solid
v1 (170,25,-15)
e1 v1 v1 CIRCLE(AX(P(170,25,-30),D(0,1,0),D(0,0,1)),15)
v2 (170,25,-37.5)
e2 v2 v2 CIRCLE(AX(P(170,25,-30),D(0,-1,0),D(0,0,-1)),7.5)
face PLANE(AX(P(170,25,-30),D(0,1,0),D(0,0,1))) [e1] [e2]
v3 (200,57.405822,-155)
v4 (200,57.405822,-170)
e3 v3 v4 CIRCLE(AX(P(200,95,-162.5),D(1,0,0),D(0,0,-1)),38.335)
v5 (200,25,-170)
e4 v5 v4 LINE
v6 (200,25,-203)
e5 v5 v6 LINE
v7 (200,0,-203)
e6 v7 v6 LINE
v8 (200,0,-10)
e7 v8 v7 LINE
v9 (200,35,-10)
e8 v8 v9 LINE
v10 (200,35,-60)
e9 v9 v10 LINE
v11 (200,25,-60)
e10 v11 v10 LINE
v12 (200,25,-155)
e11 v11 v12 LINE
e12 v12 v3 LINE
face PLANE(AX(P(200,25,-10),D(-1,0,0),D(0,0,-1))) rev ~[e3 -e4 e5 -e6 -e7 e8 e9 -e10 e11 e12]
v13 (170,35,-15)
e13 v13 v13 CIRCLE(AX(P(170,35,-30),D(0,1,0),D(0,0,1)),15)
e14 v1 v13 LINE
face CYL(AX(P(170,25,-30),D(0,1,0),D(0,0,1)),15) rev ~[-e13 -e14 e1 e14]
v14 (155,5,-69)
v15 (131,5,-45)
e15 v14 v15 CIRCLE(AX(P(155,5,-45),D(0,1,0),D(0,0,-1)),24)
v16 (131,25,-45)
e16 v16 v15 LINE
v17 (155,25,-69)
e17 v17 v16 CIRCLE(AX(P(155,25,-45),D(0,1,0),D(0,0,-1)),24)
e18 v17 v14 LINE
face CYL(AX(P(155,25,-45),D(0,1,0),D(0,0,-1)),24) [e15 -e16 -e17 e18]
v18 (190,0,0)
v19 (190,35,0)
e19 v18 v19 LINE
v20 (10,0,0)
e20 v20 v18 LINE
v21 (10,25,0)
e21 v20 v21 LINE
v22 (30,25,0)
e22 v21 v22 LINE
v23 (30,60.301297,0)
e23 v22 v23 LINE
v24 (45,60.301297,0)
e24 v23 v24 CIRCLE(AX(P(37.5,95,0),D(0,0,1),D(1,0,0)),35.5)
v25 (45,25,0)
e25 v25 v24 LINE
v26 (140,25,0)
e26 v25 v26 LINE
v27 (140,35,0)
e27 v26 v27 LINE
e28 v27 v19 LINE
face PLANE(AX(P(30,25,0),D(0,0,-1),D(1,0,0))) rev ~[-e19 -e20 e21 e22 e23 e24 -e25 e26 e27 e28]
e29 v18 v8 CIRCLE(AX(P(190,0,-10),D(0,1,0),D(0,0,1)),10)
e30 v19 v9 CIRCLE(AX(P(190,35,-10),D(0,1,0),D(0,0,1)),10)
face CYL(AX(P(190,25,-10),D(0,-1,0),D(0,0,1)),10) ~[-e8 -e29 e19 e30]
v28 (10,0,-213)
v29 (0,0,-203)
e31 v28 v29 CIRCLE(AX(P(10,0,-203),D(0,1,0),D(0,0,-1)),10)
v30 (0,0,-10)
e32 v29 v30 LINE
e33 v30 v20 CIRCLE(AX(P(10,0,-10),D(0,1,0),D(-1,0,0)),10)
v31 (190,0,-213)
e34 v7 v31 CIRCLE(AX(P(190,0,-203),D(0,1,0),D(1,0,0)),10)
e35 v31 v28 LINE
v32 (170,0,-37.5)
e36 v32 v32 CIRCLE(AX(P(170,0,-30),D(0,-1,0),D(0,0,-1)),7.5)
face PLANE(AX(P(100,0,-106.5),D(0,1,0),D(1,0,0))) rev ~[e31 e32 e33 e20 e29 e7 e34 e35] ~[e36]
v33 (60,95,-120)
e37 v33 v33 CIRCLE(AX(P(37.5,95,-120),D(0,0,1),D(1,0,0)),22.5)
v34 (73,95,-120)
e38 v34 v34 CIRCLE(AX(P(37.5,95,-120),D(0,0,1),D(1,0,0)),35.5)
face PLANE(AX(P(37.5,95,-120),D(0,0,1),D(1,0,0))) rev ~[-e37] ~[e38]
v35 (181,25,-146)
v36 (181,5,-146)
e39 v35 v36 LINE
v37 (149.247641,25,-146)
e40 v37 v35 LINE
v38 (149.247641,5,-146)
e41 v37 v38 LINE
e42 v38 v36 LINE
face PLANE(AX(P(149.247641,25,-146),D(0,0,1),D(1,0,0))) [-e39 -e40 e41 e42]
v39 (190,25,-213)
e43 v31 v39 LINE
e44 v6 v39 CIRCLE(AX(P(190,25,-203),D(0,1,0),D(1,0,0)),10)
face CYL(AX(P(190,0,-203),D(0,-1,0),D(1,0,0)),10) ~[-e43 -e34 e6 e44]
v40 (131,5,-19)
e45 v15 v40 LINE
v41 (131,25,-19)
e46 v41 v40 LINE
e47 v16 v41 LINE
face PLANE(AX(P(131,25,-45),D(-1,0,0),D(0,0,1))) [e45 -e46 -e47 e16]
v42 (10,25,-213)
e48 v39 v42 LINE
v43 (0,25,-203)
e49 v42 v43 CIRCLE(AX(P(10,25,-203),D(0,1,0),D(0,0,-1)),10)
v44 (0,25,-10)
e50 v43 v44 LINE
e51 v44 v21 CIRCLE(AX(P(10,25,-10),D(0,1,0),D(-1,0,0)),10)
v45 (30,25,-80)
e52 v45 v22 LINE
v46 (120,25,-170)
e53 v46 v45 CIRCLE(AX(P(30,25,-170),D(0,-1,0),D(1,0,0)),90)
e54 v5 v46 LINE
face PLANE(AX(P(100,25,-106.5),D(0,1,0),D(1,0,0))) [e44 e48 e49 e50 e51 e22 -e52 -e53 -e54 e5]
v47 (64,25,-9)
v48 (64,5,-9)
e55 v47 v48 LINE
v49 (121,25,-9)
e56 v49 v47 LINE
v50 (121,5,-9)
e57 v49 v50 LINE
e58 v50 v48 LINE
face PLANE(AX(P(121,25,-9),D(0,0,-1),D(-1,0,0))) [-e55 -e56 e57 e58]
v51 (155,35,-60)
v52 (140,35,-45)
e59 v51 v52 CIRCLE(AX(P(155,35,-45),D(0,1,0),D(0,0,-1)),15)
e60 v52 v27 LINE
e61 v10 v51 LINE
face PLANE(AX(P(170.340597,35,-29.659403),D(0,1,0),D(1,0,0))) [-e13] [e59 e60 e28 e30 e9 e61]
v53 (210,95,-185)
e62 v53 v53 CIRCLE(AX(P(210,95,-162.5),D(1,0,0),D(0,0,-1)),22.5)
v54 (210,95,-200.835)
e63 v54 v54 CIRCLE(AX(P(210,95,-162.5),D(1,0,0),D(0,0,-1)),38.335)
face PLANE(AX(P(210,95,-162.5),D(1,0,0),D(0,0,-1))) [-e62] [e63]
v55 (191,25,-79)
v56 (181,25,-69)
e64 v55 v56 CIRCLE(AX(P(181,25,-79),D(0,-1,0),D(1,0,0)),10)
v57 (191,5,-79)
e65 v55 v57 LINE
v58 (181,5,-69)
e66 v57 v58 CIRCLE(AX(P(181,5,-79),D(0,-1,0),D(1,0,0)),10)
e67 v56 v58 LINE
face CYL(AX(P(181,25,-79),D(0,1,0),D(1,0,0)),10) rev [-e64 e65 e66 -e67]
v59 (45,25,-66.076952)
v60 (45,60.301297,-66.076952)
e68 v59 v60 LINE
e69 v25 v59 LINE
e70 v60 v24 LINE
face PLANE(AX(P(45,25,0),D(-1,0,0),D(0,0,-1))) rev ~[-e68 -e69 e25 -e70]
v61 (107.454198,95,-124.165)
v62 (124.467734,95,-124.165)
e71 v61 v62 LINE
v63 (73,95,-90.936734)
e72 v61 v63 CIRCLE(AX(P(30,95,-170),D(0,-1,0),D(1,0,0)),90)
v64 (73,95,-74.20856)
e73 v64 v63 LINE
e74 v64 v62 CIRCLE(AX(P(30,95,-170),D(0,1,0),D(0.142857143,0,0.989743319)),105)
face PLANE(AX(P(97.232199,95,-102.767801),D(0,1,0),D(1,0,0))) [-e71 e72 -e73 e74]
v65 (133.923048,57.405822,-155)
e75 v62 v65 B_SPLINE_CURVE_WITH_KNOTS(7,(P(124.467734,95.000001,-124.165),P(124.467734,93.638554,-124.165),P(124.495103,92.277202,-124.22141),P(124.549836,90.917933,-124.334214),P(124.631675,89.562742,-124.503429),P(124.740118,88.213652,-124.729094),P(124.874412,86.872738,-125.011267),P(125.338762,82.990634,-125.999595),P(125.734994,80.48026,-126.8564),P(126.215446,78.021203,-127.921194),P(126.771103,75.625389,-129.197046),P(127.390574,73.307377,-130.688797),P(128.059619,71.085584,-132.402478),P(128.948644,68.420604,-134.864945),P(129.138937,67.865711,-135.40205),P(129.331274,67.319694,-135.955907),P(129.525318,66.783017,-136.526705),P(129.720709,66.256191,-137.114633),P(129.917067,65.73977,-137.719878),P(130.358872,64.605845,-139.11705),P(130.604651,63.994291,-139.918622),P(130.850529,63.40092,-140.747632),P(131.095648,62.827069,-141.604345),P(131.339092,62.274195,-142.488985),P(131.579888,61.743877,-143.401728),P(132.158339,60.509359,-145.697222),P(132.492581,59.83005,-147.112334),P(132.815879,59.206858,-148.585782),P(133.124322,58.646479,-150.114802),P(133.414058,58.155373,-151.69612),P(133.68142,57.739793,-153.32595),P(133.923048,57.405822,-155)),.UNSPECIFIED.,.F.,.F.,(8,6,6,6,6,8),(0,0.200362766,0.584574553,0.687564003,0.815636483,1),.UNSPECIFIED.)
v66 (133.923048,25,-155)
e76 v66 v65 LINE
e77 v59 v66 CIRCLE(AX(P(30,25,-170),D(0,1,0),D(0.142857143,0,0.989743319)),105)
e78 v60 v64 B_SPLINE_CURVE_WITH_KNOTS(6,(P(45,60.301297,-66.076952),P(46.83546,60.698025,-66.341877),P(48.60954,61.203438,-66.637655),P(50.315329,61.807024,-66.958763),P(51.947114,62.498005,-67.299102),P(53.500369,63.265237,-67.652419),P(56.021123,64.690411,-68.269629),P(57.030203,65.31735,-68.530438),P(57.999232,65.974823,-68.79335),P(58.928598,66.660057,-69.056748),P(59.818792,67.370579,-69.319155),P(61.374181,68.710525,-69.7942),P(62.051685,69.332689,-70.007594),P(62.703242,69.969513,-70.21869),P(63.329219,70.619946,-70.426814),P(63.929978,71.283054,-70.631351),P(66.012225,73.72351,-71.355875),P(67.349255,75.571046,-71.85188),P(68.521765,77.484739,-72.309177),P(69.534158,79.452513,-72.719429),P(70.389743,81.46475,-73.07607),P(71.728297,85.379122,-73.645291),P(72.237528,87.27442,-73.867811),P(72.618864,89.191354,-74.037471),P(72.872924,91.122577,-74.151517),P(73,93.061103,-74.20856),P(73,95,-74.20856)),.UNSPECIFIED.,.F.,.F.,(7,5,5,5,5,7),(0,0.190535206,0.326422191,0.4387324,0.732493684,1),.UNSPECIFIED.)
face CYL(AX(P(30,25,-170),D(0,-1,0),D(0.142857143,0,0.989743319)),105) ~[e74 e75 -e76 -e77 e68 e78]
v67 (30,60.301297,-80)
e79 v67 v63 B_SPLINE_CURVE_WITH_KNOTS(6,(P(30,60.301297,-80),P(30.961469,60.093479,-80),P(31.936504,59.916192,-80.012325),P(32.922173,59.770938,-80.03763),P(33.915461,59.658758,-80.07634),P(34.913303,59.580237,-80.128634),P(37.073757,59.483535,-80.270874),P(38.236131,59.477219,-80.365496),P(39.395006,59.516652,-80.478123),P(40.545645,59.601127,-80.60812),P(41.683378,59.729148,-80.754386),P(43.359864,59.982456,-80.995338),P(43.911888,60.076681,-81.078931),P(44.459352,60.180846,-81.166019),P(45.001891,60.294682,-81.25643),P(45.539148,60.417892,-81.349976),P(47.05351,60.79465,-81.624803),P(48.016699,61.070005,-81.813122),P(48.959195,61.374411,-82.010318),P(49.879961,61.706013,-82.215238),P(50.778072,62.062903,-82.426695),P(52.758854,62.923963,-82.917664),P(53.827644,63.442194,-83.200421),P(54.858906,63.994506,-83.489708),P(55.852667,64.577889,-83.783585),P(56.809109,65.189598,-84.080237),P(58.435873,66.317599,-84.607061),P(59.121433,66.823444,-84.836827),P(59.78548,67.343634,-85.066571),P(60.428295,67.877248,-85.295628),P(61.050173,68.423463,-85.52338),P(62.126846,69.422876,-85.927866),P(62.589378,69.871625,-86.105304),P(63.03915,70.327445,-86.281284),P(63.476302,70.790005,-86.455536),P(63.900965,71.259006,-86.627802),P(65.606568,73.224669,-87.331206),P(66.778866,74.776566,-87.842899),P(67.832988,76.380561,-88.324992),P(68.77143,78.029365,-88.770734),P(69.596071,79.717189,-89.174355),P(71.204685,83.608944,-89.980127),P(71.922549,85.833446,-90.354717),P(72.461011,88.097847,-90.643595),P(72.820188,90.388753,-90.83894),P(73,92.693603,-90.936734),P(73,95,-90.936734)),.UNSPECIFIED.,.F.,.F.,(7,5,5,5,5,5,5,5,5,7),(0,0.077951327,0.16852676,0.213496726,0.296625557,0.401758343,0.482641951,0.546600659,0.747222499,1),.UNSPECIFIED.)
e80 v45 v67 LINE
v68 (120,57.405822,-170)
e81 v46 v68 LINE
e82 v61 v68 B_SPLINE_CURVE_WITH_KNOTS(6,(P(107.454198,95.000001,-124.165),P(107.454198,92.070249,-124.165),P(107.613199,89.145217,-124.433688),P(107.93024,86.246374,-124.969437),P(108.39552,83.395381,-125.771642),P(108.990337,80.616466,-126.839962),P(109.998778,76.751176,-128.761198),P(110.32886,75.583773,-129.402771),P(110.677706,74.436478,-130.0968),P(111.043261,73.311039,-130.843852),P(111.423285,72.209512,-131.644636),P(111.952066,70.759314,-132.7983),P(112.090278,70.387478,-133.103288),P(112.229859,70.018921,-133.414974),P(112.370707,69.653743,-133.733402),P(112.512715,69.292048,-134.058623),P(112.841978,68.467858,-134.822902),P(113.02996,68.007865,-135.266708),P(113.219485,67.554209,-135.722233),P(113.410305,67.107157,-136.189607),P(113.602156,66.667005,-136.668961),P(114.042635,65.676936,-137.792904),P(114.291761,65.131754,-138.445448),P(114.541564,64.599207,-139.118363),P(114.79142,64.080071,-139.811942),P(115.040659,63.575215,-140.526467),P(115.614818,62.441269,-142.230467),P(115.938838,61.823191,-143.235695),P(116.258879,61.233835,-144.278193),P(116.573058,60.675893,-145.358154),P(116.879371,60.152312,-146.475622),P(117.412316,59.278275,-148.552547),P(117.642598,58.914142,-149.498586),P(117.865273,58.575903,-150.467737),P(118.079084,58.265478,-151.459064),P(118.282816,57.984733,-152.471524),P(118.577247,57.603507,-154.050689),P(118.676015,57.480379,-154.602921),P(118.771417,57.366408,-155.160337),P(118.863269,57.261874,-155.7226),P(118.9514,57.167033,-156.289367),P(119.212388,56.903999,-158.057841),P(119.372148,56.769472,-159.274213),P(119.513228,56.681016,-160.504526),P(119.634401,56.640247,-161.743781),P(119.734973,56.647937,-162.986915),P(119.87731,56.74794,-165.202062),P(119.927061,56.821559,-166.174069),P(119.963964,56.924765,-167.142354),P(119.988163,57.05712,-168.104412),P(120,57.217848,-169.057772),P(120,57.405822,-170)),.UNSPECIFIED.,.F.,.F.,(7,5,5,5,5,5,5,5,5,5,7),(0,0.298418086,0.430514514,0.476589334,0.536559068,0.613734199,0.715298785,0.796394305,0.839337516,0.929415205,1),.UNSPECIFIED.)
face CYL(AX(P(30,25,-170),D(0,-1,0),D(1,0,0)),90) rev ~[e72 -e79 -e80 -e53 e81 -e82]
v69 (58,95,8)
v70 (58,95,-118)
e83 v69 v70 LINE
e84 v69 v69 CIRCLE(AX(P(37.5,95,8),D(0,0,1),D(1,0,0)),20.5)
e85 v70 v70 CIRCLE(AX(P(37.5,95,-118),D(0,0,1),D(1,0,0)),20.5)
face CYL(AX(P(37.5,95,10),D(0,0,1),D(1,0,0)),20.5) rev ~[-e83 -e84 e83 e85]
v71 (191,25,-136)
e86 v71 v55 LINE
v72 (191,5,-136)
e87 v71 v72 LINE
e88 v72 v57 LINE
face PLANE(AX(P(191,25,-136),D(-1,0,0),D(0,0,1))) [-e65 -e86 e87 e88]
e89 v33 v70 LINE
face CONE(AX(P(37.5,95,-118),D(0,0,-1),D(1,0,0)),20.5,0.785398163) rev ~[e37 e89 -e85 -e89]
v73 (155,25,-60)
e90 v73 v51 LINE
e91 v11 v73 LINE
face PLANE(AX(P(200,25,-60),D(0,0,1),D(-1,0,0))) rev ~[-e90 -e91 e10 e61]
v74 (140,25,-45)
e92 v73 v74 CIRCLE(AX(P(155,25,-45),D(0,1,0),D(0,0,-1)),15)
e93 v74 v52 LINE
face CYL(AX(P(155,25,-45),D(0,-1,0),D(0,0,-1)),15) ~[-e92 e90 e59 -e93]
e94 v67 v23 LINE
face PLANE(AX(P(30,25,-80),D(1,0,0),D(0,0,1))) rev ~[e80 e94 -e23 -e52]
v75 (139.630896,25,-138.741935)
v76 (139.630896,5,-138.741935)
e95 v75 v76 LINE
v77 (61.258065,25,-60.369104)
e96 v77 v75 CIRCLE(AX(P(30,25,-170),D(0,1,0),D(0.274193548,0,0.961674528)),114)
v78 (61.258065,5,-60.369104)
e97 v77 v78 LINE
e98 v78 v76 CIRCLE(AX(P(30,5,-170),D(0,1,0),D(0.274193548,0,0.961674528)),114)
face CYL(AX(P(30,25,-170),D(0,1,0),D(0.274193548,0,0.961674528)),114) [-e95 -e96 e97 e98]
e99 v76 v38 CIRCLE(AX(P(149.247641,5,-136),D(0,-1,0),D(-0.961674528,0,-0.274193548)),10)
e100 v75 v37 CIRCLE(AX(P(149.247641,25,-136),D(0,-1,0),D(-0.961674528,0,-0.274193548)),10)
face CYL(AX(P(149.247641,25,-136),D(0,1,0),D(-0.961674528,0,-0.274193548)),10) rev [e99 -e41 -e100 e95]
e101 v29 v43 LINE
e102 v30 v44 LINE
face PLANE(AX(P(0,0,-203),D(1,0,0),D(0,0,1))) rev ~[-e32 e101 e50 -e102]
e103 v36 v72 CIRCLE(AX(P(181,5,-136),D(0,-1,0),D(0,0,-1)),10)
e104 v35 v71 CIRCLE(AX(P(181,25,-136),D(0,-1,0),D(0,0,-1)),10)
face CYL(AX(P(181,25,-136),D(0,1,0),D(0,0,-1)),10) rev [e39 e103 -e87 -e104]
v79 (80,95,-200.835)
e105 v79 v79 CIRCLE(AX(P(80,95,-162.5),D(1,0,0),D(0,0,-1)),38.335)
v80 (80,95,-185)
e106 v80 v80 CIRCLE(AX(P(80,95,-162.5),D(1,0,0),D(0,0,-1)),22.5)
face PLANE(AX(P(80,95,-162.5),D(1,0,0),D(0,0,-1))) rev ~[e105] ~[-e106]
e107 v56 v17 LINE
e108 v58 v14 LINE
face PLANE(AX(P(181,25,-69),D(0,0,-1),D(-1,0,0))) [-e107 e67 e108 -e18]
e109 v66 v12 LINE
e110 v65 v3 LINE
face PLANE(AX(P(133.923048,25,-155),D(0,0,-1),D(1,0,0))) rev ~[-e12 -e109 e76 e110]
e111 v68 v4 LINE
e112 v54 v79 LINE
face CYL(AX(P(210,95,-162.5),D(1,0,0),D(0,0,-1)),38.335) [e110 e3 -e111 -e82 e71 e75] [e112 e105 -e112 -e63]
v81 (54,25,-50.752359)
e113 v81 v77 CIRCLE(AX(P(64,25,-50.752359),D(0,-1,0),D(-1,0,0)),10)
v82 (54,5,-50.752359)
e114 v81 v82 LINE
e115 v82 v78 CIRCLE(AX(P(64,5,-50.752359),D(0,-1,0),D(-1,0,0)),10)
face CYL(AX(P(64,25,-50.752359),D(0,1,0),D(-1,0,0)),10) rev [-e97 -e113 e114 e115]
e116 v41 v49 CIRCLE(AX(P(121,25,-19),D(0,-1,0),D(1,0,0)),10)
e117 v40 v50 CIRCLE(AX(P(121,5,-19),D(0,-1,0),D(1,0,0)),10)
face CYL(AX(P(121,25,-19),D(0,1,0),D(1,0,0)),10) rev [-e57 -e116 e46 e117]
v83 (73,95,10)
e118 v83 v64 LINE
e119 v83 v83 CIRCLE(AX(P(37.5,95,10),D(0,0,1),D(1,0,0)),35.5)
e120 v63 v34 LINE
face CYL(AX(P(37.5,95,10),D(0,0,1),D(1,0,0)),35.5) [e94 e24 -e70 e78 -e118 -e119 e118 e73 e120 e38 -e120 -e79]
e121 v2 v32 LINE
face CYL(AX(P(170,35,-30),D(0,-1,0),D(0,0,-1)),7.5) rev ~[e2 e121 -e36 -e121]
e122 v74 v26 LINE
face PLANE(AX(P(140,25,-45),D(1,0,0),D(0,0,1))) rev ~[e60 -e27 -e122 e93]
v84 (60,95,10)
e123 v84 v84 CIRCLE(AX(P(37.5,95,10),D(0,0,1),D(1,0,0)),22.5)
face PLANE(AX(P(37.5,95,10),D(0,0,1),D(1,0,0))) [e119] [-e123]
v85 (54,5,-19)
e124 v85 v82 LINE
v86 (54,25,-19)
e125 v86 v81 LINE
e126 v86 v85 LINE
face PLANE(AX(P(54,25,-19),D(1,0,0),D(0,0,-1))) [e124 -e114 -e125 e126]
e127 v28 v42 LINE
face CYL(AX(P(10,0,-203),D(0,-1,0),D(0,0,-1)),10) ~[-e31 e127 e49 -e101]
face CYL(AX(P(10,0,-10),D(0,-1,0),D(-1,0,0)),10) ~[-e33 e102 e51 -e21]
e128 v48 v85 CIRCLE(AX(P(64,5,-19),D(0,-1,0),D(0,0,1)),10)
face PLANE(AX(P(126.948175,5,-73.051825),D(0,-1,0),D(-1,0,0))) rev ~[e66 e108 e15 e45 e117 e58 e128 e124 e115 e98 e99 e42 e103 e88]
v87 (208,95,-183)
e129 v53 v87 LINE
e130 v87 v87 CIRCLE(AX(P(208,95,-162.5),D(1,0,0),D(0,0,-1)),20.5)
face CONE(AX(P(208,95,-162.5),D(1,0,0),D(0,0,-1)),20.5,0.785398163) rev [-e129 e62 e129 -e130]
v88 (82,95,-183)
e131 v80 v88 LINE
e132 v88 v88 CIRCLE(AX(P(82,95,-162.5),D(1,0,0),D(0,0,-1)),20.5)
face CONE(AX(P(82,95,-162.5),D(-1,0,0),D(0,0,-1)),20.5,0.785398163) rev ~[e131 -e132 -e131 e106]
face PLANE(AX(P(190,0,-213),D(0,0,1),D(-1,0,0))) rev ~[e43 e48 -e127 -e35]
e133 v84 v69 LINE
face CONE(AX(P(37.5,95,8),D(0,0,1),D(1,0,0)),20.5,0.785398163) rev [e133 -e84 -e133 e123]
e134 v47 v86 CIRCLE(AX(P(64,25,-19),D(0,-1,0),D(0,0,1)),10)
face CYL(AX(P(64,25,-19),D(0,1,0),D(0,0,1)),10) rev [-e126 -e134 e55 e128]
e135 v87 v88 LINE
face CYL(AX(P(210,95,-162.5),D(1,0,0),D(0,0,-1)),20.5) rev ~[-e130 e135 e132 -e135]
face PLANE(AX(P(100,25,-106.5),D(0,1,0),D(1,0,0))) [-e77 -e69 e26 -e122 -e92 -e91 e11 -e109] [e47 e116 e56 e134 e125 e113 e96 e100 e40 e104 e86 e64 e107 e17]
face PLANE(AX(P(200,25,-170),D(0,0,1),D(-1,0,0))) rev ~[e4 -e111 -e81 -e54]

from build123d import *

# Parameters (mm, degrees)
EXTRUDE_1_DEPTH              = 25
EXTRUDE_2_DEPTH              = 10
HOLE_WIZARD_M8_1_D           = 15
HOLE_WIZARD_M8_1_CBORE_D     = 30
HOLE_WIZARD_M8_1_CBORE_DEPTH = 10
CUT_EXTRUDE_1_DEPTH          = 20
SKETCH_6_R                   = 35.5
EXTRUDE_3_DEPTH              = 130
SKETCH_7_R                   = 38.335
EXTRUDE_4_DEPTH              = 130
EXTRUDE_8_DEPTH              = 70
CUT_EXTRUDE_2_REACH          = 225
SKETCH_9_R                   = 20.5
CUT_EXTRUDE_3_REACH          = 212
SKETCH_10_R                  = 20.5
CHAMFER_1_SIZE               = 2


with BuildPart() as part:
    # 스케치1 → 보스-돌출1 (new body)
    with BuildSketch(Plane(origin=(0, 0, 0), x_dir=(1, 0, 0), z_dir=(0, 1, 0))):
        with BuildLine():
            Line((10, 0), (190, 0))
            ThreePointArc((190, 0), (197.071067812, 2.928932188), (200, 10))
            Line((200, 10), (200, 203))
            ThreePointArc((200, 203), (197.071067812, 210.071067812), (190, 213))
            Line((190, 213), (10, 213))
            ThreePointArc((10, 213), (2.928932188, 210.071067812), (0, 203))
            Line((0, 203), (0, 10))
            ThreePointArc((0, 10), (2.928932188, 2.928932188), (10, 0))
        make_face()
    extrude(amount=EXTRUDE_1_DEPTH)

    # 스케치2 → 보스-돌출2 (add)
    with BuildSketch(Plane(origin=(0, 25, 0), x_dir=(1, 0, 0), z_dir=(0, 1, 0))):
        with BuildLine():
            Line((140, 0), (190, 0))
            ThreePointArc((190, 0), (197.071067812, 2.928932188), (200, 10))
            Line((200, 10), (200, 60))
            Line((200, 60), (155, 60))
            ThreePointArc((155, 60), (144.393398282, 55.606601718), (140, 45))
            Line((140, 45), (140, 0))
        make_face()
    extrude(amount=EXTRUDE_2_DEPTH)

    # M8 육각 머리 볼트용 카운터보어1 (through all)
    with Locations(Plane(origin=(170, 35, -30), x_dir=(0, 0, 1), z_dir=(0, 1, 0))):
        with Locations((0, 0)):
            CounterBoreHole(HOLE_WIZARD_M8_1_D / 2, HOLE_WIZARD_M8_1_CBORE_D / 2, HOLE_WIZARD_M8_1_CBORE_DEPTH)

    # 스케치5 → 컷-돌출1 (cut)
    with BuildSketch(Plane(origin=(0, 25, 0), x_dir=(1, 0, 0), z_dir=(0, 1, 0))):
        with BuildLine():
            Line((149.247641486, 146), (181, 146))
            ThreePointArc((181, 146), (188.071067812, 143.071067812), (191, 136))
            Line((191, 136), (191, 79))
            ThreePointArc((191, 79), (188.071067812, 71.928932188), (181, 69))
            Line((181, 69), (155, 69))
            ThreePointArc((155, 69), (138.029437252, 61.970562748), (131, 45))
            Line((131, 45), (131, 19))
            ThreePointArc((131, 19), (128.071067812, 11.928932188), (121, 9))
            Line((121, 9), (64, 9))
            ThreePointArc((64, 9), (56.928932188, 11.928932188), (54, 19))
            Line((54, 19), (54, 50.752358514))
            ThreePointArc((54, 50.752358514), (56.018165786, 56.776503481), (61.258064516, 60.369103795))
            ThreePointArc((61.258064516, 60.369103795), (110.610173055, 89.389826945), (139.630896205, 138.741935484))
            ThreePointArc((139.630896205, 138.741935484), (143.223496519, 143.981834214), (149.247641486, 146))
        make_face()
    extrude(amount=-CUT_EXTRUDE_1_DEPTH, mode=Mode.SUBTRACT)



with BuildPart() as body_2:
    # 스케치6 → 보스-돌출3 (new body)
    with BuildSketch(Plane.XY.offset(10)):
        with Locations((37.5, 95)):
            Circle(SKETCH_6_R)
    extrude(amount=-EXTRUDE_3_DEPTH)


with BuildPart() as body_3:
    # 스케치7 → 보스-돌출4 (new body)
    with BuildSketch(Plane(origin=(210, 0, 0), x_dir=(0, 0, -1), z_dir=(1, 0, 0))):
        with Locations((162.5, 95)):
            Circle(SKETCH_7_R)
    extrude(amount=-EXTRUDE_4_DEPTH)


with BuildPart() as part_1:
    add(part.part)

    add(body_2.part)  # 보스-돌출8 merges body 2

    add(body_3.part)  # 보스-돌출8 merges body 3
    # 스케치8 → 보스-돌출8 (add)
    with BuildSketch(Plane(origin=(0, 25, 0), x_dir=(1, 0, 0), z_dir=(0, 1, 0))):
        with BuildLine():
            Line((30, 0), (45, 0))
            Line((45, 0), (45, 66.076951546))
            ThreePointArc((45, 66.076951546), (104.246212025, 95.753787975), (133.923048454, 155))
            Line((133.923048454, 155), (200, 155))
            Line((200, 155), (200, 170))
            Line((200, 170), (120, 170))
            ThreePointArc((120, 170), (93.639610307, 106.360389693), (30, 80))
            Line((30, 80), (30, 0))
        make_face()
    extrude(amount=EXTRUDE_8_DEPTH)

    # 스케치9 → 컷-돌출2 (cut, up to next)
    with BuildSketch(Plane.XY.offset(10), mode=Mode.PRIVATE) as cut_extrude_2_sk1:
        with Locations((37.5, 95)):
            Circle(SKETCH_9_R)
    cut_extrude_2_tool1 = extrude(cut_extrude_2_sk1.sketch, amount=-CUT_EXTRUDE_2_REACH, mode=Mode.PRIVATE) & part_1.part
    add(cut_extrude_2_tool1.solids().sort_by_distance((37.5, 95, 10))[0], mode=Mode.SUBTRACT)

    # 스케치10 → 컷-돌출3 (cut, up to next)
    with BuildSketch(Plane(origin=(210, 0, 0), x_dir=(0, 0, -1), z_dir=(1, 0, 0)), mode=Mode.PRIVATE) as cut_extrude_3_sk1:
        with Locations((162.5, 95)):
            Circle(SKETCH_10_R)
    cut_extrude_3_tool1 = extrude(cut_extrude_3_sk1.sketch, amount=-CUT_EXTRUDE_3_REACH, mode=Mode.PRIVATE) & part_1.part
    add(cut_extrude_3_tool1.solids().sort_by_distance((210, 95, -162.5))[0], mode=Mode.SUBTRACT)

    # 모따기1
    chamfer_1_edges = [part_1.edges().sort_by_distance(p)[0] for p in [
        (17, 95, 10),
        (17, 95, -120),
        (210, 95, -142),
        (80, 95, -142),
    ]]
    chamfer(chamfer_1_edges, length=CHAMFER_1_SIZE)


solid = part_1.part
